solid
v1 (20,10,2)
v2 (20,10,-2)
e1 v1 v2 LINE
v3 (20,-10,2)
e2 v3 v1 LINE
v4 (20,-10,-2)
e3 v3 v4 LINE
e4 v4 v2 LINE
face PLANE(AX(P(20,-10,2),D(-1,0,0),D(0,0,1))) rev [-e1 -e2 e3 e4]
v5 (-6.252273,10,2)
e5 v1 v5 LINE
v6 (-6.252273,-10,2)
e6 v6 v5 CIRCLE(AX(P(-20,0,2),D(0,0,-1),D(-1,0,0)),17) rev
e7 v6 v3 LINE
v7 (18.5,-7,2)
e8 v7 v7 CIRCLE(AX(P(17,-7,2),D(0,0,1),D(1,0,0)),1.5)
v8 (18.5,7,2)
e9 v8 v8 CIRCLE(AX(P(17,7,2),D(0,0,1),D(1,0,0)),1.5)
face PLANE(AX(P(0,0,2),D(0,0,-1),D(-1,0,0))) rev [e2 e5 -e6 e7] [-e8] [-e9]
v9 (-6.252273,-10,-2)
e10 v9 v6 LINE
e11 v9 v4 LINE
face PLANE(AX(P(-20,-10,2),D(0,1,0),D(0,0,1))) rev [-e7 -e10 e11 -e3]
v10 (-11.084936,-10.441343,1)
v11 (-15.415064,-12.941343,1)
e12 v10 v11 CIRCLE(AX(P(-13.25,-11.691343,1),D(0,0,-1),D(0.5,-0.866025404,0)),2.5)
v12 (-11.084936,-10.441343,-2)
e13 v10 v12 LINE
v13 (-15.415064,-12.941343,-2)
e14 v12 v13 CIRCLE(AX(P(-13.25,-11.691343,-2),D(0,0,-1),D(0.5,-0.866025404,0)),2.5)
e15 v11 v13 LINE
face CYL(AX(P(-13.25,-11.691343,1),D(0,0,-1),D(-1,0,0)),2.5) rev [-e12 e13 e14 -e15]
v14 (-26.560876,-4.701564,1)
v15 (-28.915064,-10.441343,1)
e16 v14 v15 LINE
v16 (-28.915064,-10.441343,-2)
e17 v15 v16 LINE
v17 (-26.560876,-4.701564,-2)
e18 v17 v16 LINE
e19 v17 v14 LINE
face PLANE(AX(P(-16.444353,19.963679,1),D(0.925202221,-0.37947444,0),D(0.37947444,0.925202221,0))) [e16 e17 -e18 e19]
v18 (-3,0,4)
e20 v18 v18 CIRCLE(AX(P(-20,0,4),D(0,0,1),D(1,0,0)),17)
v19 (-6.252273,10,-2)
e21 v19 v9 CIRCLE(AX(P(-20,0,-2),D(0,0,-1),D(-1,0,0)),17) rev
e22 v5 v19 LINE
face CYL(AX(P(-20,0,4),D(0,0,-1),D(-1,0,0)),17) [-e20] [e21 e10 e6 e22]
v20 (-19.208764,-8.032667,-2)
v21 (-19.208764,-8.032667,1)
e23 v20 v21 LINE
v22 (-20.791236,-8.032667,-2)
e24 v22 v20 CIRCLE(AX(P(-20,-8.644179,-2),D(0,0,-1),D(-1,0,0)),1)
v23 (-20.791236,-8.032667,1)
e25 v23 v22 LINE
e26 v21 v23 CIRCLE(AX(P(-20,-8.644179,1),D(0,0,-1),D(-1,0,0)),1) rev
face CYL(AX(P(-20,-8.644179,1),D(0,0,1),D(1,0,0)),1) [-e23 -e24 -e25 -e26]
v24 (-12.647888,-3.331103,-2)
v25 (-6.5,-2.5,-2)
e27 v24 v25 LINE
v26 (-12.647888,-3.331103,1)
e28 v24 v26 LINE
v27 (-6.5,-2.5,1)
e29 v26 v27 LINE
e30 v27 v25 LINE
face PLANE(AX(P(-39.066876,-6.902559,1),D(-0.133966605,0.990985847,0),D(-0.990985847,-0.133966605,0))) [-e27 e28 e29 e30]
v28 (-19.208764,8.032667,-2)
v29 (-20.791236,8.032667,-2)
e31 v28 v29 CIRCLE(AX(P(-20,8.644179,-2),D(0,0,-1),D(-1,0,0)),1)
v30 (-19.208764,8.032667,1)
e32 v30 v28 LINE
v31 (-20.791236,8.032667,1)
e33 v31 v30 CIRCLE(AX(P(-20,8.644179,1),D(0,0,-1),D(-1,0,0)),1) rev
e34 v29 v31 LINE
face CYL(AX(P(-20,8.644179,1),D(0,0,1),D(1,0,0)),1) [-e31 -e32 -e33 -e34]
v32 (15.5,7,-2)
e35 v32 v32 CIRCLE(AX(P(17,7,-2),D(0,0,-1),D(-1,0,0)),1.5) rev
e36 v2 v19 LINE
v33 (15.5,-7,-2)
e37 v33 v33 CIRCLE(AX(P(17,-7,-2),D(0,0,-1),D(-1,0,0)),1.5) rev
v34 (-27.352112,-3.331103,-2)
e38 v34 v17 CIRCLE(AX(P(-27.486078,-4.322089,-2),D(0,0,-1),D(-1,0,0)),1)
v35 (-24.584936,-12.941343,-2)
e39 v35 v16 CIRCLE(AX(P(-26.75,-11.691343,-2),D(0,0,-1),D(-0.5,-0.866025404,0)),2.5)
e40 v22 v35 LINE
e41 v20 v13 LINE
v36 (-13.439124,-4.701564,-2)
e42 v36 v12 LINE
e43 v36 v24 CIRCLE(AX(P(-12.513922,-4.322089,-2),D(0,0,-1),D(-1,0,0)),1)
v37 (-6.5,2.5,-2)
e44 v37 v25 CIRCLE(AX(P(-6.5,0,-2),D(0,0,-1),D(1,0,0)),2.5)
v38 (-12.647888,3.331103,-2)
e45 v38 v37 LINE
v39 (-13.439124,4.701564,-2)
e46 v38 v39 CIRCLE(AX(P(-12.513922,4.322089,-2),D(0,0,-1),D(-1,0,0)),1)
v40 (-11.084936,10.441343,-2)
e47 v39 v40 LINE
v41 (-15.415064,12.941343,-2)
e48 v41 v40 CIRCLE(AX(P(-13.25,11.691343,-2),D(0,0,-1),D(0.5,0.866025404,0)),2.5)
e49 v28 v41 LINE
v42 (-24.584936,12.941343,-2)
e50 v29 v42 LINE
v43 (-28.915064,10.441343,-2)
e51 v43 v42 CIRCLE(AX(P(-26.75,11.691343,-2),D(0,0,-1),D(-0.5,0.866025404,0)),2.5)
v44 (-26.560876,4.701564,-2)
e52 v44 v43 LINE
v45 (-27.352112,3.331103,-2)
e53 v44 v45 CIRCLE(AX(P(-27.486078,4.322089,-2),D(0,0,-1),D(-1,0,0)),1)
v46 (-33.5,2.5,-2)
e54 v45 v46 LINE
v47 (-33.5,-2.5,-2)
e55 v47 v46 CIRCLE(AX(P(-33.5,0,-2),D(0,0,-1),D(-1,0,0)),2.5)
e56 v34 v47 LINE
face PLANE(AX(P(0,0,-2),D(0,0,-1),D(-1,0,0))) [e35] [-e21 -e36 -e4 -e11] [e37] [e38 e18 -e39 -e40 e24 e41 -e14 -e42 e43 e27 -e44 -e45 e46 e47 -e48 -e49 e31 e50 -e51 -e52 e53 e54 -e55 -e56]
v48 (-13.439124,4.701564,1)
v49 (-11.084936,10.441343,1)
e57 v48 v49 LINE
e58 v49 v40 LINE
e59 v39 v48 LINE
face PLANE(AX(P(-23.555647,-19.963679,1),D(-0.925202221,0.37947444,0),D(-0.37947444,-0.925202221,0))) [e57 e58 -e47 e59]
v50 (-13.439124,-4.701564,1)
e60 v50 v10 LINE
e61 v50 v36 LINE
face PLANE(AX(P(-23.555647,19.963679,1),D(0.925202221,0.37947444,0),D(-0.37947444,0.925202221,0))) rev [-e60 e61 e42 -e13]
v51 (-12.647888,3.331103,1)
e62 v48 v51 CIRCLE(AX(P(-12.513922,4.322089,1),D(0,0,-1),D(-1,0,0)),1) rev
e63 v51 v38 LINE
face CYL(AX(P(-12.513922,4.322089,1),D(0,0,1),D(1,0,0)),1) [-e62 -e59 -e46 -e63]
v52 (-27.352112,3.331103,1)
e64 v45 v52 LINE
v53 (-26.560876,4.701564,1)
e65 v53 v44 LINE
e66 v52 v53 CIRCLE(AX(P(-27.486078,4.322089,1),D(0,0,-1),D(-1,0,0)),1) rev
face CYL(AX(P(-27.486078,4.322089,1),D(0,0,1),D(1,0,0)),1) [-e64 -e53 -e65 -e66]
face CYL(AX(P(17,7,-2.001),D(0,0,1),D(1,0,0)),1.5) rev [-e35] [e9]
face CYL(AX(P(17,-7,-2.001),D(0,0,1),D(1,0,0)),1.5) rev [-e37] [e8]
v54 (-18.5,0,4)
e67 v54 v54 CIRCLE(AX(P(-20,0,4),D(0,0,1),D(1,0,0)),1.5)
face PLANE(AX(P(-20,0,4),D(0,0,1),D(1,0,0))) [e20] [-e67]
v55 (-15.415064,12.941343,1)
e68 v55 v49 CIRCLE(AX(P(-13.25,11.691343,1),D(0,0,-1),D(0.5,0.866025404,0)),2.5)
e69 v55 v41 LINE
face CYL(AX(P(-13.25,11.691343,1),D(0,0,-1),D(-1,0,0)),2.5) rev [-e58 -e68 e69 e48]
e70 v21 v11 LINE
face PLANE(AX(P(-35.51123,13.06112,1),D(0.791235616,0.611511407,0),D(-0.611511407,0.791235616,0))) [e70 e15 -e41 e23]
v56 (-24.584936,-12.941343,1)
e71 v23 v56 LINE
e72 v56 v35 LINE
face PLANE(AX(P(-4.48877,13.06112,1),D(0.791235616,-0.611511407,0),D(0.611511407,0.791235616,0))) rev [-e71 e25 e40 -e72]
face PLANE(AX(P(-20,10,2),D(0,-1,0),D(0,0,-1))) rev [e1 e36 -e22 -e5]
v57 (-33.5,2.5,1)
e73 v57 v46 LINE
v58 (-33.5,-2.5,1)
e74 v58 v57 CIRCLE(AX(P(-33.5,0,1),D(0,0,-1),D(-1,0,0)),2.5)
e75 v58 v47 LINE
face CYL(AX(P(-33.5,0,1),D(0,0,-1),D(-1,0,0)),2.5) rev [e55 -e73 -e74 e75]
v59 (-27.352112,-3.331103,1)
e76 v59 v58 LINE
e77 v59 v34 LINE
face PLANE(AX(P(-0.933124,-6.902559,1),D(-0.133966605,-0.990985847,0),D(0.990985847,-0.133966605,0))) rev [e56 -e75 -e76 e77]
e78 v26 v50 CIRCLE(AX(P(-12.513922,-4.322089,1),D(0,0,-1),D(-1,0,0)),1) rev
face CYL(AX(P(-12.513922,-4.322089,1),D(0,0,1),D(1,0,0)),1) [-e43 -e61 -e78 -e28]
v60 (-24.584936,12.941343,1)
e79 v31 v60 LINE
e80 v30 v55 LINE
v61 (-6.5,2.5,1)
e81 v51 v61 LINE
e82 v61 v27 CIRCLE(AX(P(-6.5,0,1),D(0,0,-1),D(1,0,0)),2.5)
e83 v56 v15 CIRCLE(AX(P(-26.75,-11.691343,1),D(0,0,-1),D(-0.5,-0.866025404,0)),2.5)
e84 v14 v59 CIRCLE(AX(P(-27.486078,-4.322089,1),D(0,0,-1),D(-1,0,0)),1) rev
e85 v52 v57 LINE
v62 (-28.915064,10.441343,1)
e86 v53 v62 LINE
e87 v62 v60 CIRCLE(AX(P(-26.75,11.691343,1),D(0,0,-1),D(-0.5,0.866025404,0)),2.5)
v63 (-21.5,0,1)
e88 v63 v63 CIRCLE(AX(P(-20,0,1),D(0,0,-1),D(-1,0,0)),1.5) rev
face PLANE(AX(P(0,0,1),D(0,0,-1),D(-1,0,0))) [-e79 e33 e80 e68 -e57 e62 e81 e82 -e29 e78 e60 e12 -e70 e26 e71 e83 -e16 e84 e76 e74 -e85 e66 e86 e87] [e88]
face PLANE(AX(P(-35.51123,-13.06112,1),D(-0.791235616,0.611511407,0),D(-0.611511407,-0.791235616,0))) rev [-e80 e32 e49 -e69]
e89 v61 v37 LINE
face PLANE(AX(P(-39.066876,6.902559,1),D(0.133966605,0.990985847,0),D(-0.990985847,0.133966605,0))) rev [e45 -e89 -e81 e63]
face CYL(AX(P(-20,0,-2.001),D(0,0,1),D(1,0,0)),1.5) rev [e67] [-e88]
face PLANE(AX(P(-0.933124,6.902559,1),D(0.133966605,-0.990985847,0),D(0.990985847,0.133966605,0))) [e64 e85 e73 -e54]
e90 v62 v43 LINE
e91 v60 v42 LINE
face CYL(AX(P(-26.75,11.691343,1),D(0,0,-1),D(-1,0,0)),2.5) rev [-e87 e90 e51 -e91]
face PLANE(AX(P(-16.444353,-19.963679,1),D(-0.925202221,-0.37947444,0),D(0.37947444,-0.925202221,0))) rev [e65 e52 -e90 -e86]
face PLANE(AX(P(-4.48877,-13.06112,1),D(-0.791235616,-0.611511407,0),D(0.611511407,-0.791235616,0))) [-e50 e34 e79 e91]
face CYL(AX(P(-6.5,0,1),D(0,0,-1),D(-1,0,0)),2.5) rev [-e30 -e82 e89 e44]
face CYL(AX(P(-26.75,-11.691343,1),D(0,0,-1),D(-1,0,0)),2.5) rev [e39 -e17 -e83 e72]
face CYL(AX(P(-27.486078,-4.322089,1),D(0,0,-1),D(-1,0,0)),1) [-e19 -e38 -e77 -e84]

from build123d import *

# Parameters (mm, degrees)
SKETCH1_W                       = 40
SKETCH1_H                       = 20
BOSS_EXTRUDE1_DEPTH             = 2
BOSS_EXTRUDE2_REACH             = 24.716
SKETCH6_R                       = 17
BOSS_EXTRUDE2_DIRECTION_2_DEPTH = 2
SKETCH7_R                       = 2.5
CUT_EXTRUDE3_DEPTH              = 3
CIRPATTERN1_COUNT               = 6
FILLET3_R                       = 1
CUT_EXTRUDE4_REACH              = 43.158
SKETCH8_R                       = 1.5
CUT_EXTRUDE5_REACH              = 42.915
SKETCH9_R                       = 1.5


with BuildPart() as part:
    # Sketch1 → Boss-Extrude1 (new, symmetric)
    with BuildSketch(Plane.XY):
        Rectangle(SKETCH1_W, SKETCH1_H)
    extrude(amount=BOSS_EXTRUDE1_DEPTH, both=True)

    # Boss-Extrude2: up to this face of the body (flat: up to its plane)
    boss_extrude2_end = Plane(part.part.faces().sort_by_distance((0, 0, -2))[0])
    # Sketch6 → Boss-Extrude2 (add, up to the picked face)
    with BuildSketch(Plane.XY.offset(2), mode=Mode.PRIVATE) as boss_extrude2_sk1:
        with Locations(Location((-20, 0, 0), (0, 0, 36.031879072))):
            Circle(SKETCH6_R)
    boss_extrude2_tool1 = split(extrude(boss_extrude2_sk1.sketch, amount=-BOSS_EXTRUDE2_REACH, mode=Mode.PRIVATE), bisect_by=boss_extrude2_end, keep=Keep.BOTH, mode=Mode.PRIVATE)
    add(boss_extrude2_tool1.solids().sort_by(Axis((-20, 0, 2), (0, 0, -1)))[0])

    # Sketch6 → Boss-Extrude2 direction 2 (add)
    with BuildSketch(Plane.XY.offset(2)):
        with Locations(Location((-20, 0, 0), (0, 0, 36.031879072))):
            Circle(SKETCH6_R)
    extrude(amount=BOSS_EXTRUDE2_DIRECTION_2_DEPTH)

    # Sketch7 → Cut-Extrude3 (cut)
    with BuildSketch(Plane(origin=(0, 0, -2), x_dir=(-1, 0, 0), z_dir=(0, 0, -1))):
        with BuildLine():
            Line((21.148365434, 4.169758006), (20, 4.325))
            ThreePointArc((20, 4.325), (15.675, 0), (20, -4.325))
            Line((20, -4.325), (21.148365434, -4.169758006))
            ThreePointArc((21.148365434, -4.169758006), (23.440371019, -2.620967808), (24.325, 0))
            ThreePointArc((24.325, 0), (23.440371019, 2.620967808), (21.148365434, 4.169758006))
        make_face()
        with BuildLine():
            Line((33.5, 2.5), (21.148365434, 4.169758006))
            ThreePointArc((21.148365434, 4.169758006), (23.440371019, 2.620967808), (24.325, 0))
            ThreePointArc((24.325, 0), (23.440371019, -2.620967808), (21.148365434, -4.169758006))
            Line((21.148365434, -4.169758006), (33.5, -2.5))
            ThreePointArc((33.5, -2.5), (31, 0), (33.5, 2.5))
        make_face()
        with Locations((33.5, 0)):
            Circle(SKETCH7_R)
    cut_extrude3 = extrude(amount=-CUT_EXTRUDE3_DEPTH, mode=Mode.SUBTRACT)

    # CirPattern1: Cut-Extrude3 ×6 about axis
    cirpattern1_axis = Axis((-20, 0, 0), (0, 0, 1))
    for i in range(1, CIRPATTERN1_COUNT):
        add(cut_extrude3.rotate(cirpattern1_axis, i * 360 / CIRPATTERN1_COUNT), mode=Mode.SUBTRACT)

    # Fillet3
    fillet3_edges = [part.edges().sort_by_distance(p)[0] for p in [
        (-26.069873399, 3.504443041, -0.5),
        (-20, 7.008886081, -0.5),
        (-13.930126601, 3.504443041, -0.5),
        (-13.930126601, -3.504443041, -0.5),
        (-20, -7.008886081, -0.5),
        (-26.069873399, -3.504443041, -0.5),
    ]]
    fillet(fillet3_edges, radius=FILLET3_R)

    # Sketch8 → Cut-Extrude4 (cut, up to next)
    with BuildSketch(Plane.XY.offset(4), mode=Mode.PRIVATE) as cut_extrude4_sk1:
        with Locations((-20, 0)):
            Circle(SKETCH8_R)
    cut_extrude4_tool1 = extrude(cut_extrude4_sk1.sketch, amount=-CUT_EXTRUDE4_REACH, mode=Mode.PRIVATE) & part.part
    add(cut_extrude4_tool1.solids().sort_by_distance((-20, 0, 4))[0], mode=Mode.SUBTRACT)

    # Sketch9 → Cut-Extrude5 (cut, up to next)
    with BuildSketch(Plane.XY.offset(2), mode=Mode.PRIVATE) as cut_extrude5_sk1:
        with Locations((17, 7)):
            Circle(SKETCH9_R)
    cut_extrude5_tool1 = extrude(cut_extrude5_sk1.sketch, amount=-CUT_EXTRUDE5_REACH, mode=Mode.PRIVATE) & part.part
    # Sketch9 → Cut-Extrude5 (cut, up to next)
    with BuildSketch(Plane.XY.offset(2), mode=Mode.PRIVATE) as cut_extrude5_sk2:
        with Locations((17, -7)):
            Circle(SKETCH9_R)
    cut_extrude5_tool2 = extrude(cut_extrude5_sk2.sketch, amount=-CUT_EXTRUDE5_REACH, mode=Mode.PRIVATE) & part.part
    add(cut_extrude5_tool1.solids().sort_by_distance((17, 7, 2))[0], mode=Mode.SUBTRACT)
    add(cut_extrude5_tool2.solids().sort_by_distance((17, -7, 2))[0], mode=Mode.SUBTRACT)


solid = part.part
